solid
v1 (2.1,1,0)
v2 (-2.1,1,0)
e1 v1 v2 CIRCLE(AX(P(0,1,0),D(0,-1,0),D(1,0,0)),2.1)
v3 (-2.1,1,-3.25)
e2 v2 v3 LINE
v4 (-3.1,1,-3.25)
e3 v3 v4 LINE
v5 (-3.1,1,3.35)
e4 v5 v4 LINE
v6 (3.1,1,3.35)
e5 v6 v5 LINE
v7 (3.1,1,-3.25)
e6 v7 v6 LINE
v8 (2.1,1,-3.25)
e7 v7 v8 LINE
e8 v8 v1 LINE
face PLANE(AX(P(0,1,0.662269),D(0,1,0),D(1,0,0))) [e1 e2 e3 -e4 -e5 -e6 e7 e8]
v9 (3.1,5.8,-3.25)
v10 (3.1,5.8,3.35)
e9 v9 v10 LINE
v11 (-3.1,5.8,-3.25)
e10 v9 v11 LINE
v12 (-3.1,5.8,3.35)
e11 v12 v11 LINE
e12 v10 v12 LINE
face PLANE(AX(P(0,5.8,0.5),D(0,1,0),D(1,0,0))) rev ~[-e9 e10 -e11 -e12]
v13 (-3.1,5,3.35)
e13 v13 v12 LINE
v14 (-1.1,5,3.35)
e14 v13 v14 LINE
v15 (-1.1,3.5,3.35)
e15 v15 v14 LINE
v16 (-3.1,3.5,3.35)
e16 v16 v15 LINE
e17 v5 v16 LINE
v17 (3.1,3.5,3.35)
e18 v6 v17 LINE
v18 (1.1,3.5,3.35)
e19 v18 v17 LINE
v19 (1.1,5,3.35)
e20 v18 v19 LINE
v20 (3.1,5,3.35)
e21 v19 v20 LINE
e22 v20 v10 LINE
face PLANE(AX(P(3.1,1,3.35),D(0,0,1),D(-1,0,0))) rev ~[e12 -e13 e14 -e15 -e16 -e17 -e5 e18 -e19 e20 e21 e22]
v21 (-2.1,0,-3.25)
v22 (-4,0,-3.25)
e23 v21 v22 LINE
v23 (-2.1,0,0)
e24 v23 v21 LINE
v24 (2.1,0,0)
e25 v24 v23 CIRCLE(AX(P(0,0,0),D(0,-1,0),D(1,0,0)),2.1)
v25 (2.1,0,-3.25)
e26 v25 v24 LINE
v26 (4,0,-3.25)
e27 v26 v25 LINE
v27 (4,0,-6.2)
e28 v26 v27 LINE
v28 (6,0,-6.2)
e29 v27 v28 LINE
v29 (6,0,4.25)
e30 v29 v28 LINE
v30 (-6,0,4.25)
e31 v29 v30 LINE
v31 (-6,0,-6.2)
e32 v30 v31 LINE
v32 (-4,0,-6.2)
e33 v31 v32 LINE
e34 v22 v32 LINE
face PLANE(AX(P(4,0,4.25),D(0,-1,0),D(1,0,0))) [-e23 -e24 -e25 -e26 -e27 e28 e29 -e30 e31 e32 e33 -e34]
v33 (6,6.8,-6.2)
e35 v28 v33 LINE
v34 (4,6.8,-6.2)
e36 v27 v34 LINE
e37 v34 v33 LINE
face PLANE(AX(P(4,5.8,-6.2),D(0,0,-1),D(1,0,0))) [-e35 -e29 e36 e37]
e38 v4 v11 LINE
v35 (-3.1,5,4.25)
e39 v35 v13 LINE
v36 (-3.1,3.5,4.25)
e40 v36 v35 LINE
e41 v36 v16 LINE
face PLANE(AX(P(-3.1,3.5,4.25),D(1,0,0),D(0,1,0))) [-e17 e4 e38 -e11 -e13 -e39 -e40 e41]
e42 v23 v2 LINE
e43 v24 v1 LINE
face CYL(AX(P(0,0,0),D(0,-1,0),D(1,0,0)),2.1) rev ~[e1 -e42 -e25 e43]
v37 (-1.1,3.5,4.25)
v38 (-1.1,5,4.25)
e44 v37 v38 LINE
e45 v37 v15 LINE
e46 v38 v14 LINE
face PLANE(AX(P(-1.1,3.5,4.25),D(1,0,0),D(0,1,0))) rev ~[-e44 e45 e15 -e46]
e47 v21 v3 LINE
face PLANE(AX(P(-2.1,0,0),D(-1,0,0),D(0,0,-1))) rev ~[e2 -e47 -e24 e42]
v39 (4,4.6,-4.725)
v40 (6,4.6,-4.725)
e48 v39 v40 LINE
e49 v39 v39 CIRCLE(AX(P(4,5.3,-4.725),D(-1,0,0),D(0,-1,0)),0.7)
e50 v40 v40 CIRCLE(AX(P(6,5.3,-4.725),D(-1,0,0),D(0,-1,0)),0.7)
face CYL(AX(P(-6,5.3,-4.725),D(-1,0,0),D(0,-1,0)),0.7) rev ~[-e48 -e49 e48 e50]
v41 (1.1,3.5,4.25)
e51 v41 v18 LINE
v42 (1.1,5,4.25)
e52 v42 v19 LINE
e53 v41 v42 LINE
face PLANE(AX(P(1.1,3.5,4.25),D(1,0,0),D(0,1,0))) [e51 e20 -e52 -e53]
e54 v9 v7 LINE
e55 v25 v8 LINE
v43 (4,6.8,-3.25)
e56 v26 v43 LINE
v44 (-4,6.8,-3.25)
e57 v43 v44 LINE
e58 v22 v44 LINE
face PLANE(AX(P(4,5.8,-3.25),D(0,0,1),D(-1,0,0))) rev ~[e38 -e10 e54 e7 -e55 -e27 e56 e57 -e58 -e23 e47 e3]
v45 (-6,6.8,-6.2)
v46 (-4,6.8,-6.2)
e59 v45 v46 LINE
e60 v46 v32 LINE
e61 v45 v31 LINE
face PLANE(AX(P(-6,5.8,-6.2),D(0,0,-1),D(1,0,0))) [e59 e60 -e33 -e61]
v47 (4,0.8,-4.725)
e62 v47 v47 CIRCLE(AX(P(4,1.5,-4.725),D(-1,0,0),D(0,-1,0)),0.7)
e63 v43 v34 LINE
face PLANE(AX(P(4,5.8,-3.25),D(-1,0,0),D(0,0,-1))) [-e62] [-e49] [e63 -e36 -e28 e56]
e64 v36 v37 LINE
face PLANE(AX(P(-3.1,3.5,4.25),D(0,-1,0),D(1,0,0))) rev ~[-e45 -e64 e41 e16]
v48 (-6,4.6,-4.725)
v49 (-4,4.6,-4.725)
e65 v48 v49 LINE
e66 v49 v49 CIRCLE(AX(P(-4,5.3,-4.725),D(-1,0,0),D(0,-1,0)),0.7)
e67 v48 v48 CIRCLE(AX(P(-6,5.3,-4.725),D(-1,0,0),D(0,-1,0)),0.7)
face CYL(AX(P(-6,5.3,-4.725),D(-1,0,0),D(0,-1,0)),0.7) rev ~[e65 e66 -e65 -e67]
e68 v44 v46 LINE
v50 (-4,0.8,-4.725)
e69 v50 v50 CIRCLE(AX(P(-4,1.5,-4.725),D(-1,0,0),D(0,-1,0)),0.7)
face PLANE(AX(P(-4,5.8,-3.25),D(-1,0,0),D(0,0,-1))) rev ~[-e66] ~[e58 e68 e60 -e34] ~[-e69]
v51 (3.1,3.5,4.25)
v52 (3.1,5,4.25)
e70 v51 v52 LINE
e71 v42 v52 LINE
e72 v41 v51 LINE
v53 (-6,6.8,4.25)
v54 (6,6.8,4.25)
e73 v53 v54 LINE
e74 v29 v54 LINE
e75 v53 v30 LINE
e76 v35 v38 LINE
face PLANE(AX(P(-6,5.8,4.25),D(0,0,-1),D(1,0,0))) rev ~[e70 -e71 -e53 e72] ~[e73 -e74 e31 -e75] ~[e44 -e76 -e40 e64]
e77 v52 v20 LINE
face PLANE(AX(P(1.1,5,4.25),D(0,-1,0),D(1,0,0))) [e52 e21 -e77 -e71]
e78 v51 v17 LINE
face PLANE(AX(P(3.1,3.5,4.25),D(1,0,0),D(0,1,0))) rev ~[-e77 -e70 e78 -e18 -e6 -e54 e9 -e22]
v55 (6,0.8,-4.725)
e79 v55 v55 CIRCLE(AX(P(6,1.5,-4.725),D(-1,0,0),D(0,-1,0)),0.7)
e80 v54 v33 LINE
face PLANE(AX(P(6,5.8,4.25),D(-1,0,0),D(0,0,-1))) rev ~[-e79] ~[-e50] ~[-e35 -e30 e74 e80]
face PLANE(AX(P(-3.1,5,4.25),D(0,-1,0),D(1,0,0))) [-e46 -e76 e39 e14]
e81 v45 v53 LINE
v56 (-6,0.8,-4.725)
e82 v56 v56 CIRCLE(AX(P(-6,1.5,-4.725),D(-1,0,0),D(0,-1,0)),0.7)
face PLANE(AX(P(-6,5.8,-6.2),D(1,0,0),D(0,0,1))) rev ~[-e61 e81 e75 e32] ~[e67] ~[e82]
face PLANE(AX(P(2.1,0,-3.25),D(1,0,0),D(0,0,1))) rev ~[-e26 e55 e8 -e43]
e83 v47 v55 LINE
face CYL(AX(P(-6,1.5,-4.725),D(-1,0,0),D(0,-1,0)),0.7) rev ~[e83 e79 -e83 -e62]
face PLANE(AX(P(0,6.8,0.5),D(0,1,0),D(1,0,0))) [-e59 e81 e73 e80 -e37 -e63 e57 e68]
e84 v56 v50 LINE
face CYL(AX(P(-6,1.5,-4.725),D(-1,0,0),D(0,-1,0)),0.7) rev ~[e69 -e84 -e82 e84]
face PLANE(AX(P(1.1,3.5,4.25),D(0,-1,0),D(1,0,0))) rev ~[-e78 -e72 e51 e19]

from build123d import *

# Parameters (mm, degrees)
EXTRUDE_1_DEPTH     = 1
EXTRUDE_2_DEPTH     = 4.8
SKETCH_4_W          = 2
SKETCH_4_H          = 5.8
EXTRUDE_3_DEPTH     = 10.45
SKETCH_5_W          = 2
SKETCH_5_H          = 2.95
EXTRUDE_4_DEPTH     = 1
SKETCH_6_W          = 2
SKETCH_6_H          = 1.5
CUT_EXTRUDE_1_DEPTH = 14.836274788
SKETCH_7_R          = 0.7
CUT_EXTRUDE_2_DEPTH = 16.122169157


with BuildPart() as part:
    # 草图1 → 凸台-拉伸1 (new body)
    with BuildSketch(Plane(origin=(0, 0, 0), x_dir=(1, 0, 0), z_dir=(0, 1, 0))):
        with BuildLine():
            Line((-4, 3.25), (-4, -4.25))
            Line((-4, -4.25), (4, -4.25))
            Line((4, -4.25), (4, 3.25))
            Line((4, 3.25), (2.1, 3.25))
            Line((2.1, 3.25), (2.1, 0))
            ThreePointArc((2.1, 0), (0, -2.1), (-2.1, 0))
            Line((-2.1, 0), (-2.1, 3.25))
            Line((-2.1, 3.25), (-4, 3.25))
        make_face()
    extrude(amount=EXTRUDE_1_DEPTH)

    # 草图3 → 凸台-拉伸2 (add)
    with BuildSketch(Plane(origin=(0, 1, 0), x_dir=(1, 0, 0), z_dir=(0, 1, 0))):
        Polygon((-3.1, 3.25), (-4, 3.25), (-4, -4.25), (4, -4.25), (4, 3.25), (3.1, 3.25), (3.1, -3.35), (-3.1, -3.35), align=None)
    extrude(amount=EXTRUDE_2_DEPTH)

    # 草图4 → 凸台-拉伸3 (add)
    with BuildSketch(Plane.XY.offset(4.25)):
        with Locations((5, 2.9)):
            Rectangle(SKETCH_4_W, SKETCH_4_H)
        with Locations((-5, 2.9)):
            Rectangle(SKETCH_4_W, SKETCH_4_H)
    extrude(amount=-EXTRUDE_3_DEPTH)

    # 草图5 → 凸台-拉伸4 (add)
    with BuildSketch(Plane(origin=(0, 5.8, 0), x_dir=(1, 0, 0), z_dir=(0, 1, 0))):
        Polygon((-6, 3.25), (-6, -4.25), (6, -4.25), (6, 3.25), (4, 3.25), (-4, 3.25), align=None)
        with Locations((-5, 4.725)):
            Rectangle(SKETCH_5_W, SKETCH_5_H)
        with Locations((5, 4.725)):
            Rectangle(SKETCH_5_W, SKETCH_5_H)
    extrude(amount=EXTRUDE_4_DEPTH)

    # 草图6 → 切除-拉伸1 (cut, through all)
    with BuildSketch(Plane.XY.offset(4.25)):
        with Locations((-2.1, 4.25)):
            Rectangle(SKETCH_6_W, SKETCH_6_H)
        with Locations((2.1, 4.25)):
            Rectangle(SKETCH_6_W, SKETCH_6_H)
    extrude(amount=-CUT_EXTRUDE_1_DEPTH, mode=Mode.SUBTRACT)

    # 草图7 → 切除-拉伸2 (cut, through all)
    with BuildSketch(Plane.ZY.offset(6)):
        with Locations(Location((-4.725, 5.3, 0), (0, 0, 270))):
            Circle(SKETCH_7_R)
        with Locations(Location((-4.725, 1.5, 0), (0, 0, 270))):
            Circle(SKETCH_7_R)
    extrude(amount=-CUT_EXTRUDE_2_DEPTH, mode=Mode.SUBTRACT)


solid = part.part
